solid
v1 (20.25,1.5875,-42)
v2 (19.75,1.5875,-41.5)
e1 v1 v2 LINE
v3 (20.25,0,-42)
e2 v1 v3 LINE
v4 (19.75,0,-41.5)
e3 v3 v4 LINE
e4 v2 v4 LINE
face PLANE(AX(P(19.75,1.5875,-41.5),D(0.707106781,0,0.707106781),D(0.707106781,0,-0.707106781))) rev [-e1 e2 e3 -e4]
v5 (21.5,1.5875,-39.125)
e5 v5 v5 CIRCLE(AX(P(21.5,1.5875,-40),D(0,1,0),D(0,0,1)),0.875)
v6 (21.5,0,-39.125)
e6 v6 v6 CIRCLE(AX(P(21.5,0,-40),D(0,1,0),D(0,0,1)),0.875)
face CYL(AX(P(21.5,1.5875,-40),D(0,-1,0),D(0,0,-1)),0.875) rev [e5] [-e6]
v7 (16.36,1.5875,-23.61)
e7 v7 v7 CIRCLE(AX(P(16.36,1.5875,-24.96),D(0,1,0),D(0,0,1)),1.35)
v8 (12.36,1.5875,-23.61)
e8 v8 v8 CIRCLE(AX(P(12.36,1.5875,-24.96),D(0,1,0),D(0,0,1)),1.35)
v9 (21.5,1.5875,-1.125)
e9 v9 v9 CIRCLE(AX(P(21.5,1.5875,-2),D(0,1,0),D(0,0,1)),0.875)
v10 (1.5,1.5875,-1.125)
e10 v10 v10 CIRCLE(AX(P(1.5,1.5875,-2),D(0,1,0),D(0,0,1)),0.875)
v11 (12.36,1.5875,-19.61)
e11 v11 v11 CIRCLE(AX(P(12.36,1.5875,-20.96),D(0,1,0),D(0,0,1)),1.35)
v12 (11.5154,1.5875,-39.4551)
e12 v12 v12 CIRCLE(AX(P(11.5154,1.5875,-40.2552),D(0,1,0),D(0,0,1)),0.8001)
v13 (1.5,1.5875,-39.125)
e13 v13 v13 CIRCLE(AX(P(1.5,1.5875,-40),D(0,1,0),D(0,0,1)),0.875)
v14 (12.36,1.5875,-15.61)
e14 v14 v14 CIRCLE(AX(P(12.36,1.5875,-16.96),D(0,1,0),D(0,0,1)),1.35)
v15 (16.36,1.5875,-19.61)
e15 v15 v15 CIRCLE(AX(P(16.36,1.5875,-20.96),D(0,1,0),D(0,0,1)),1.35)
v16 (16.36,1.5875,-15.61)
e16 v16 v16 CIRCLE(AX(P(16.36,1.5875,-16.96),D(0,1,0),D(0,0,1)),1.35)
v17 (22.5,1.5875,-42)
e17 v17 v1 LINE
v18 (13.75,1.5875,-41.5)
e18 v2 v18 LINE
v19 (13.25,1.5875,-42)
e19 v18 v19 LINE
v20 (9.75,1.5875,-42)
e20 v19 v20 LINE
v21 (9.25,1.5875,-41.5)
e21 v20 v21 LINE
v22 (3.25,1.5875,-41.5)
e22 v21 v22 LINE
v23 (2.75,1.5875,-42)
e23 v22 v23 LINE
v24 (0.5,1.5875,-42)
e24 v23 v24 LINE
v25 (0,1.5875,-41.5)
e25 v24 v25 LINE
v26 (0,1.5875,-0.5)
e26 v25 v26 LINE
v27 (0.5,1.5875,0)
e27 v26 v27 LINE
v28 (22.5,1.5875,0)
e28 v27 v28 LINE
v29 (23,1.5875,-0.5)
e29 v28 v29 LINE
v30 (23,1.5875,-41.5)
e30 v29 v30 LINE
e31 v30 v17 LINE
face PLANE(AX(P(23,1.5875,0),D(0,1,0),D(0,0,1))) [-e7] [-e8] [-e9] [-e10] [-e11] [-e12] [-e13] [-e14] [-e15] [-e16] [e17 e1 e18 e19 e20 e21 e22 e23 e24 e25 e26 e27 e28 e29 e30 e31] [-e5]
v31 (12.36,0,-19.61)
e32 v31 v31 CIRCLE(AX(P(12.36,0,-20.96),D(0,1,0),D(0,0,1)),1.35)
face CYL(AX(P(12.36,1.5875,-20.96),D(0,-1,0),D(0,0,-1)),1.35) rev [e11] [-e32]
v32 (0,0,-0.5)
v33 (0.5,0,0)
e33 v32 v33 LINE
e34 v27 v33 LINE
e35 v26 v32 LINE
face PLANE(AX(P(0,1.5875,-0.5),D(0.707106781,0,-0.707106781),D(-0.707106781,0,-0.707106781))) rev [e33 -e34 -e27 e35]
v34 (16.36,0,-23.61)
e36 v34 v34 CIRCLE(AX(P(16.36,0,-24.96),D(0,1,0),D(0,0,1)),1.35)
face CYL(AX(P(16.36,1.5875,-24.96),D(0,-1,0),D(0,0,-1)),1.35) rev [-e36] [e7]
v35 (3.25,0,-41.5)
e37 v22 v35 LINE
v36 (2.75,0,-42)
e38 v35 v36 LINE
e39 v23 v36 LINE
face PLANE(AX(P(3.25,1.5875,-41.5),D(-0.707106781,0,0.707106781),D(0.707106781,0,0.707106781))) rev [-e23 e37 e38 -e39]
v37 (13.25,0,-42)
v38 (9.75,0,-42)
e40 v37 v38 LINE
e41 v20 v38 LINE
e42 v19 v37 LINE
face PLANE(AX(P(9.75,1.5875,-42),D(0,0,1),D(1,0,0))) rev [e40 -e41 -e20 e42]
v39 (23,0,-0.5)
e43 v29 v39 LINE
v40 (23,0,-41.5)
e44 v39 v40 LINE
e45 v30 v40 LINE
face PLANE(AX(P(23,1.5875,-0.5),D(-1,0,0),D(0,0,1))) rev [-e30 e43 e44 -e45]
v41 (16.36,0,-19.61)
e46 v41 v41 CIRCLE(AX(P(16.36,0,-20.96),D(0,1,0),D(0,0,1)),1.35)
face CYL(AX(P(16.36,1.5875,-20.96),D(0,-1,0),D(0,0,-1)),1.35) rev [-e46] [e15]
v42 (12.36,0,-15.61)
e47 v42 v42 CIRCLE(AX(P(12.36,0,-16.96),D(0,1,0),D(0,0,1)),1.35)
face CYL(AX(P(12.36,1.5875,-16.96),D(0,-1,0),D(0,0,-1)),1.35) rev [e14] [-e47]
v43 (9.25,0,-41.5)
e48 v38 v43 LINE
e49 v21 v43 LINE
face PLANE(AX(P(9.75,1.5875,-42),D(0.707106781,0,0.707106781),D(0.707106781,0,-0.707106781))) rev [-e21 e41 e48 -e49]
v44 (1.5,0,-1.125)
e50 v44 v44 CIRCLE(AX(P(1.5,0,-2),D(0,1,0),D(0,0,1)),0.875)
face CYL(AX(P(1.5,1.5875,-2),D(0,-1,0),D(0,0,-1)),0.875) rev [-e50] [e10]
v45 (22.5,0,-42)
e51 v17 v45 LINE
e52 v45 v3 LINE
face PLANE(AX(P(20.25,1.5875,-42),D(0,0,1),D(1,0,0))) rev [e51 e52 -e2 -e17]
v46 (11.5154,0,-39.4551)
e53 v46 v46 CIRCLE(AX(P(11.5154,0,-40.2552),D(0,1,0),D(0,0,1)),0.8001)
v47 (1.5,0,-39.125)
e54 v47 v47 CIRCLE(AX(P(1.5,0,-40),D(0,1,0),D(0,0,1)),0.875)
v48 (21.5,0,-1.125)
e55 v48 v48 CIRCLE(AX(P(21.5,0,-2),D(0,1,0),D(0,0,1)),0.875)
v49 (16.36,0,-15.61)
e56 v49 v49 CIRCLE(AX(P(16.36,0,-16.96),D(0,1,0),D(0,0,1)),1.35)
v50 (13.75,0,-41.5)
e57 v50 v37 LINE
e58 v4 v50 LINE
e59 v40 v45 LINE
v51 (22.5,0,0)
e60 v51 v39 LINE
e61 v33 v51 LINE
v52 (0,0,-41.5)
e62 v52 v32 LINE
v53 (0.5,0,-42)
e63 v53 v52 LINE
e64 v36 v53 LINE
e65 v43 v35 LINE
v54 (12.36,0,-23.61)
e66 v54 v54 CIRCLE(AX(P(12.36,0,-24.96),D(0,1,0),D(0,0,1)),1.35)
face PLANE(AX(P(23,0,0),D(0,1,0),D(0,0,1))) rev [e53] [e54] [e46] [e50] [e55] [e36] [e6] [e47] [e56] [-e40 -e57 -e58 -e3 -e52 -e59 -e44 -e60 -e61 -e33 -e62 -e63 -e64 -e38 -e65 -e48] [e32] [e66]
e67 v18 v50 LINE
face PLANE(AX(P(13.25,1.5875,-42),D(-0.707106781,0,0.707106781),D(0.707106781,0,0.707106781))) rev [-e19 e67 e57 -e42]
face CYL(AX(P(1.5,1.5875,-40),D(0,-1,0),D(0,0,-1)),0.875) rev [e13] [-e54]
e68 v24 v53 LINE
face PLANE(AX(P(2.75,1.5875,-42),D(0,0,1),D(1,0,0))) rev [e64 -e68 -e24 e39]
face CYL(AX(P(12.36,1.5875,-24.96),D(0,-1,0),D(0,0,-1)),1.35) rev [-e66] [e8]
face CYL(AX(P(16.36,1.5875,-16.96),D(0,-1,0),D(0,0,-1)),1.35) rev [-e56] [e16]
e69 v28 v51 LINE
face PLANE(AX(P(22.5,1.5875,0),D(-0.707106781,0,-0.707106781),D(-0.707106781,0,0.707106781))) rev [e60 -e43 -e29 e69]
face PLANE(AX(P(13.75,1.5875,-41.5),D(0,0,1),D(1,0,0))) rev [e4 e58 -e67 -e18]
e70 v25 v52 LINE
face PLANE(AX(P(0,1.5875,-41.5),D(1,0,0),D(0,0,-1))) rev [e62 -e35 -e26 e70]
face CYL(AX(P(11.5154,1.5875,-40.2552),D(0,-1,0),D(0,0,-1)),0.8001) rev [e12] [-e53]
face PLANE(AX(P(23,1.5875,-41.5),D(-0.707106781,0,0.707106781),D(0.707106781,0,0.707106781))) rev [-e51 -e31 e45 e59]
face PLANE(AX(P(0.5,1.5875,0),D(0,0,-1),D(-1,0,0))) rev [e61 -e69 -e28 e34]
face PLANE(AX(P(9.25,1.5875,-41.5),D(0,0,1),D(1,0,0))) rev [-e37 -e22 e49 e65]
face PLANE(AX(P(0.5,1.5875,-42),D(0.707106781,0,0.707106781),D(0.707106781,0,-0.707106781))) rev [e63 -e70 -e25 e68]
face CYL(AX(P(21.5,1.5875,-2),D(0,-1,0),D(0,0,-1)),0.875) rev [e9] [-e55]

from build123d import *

# Parameters (mm, degrees)
SKETCH1_R           = 1.35
SKETCH1_R_2         = 0.875
SKETCH1_R_3         = 0.8001
BOSS_EXTRUDE1_DEPTH = 1.5875


with BuildPart() as part:
    # Sketch1 → Boss-Extrude1 (new body)
    with BuildSketch(Plane(origin=(0, 0, 0), x_dir=(1, 0, 0), z_dir=(0, 1, 0))):
        Polygon((22.5, 0), (23, 0.5), (23, 41.5), (22.5, 42), (20.25, 42), (19.75, 41.5), (13.75, 41.5), (13.25, 42), (9.75, 42), (9.25, 41.5), (3.25, 41.5), (2.75, 42), (0.5, 42), (0, 41.5), (0, 0.5), (0.5, 0), align=None)
        with Locations((12.36, 16.96)):
            Circle(SKETCH1_R, mode=Mode.SUBTRACT)
        with Locations((16.36, 16.96)):
            Circle(SKETCH1_R, mode=Mode.SUBTRACT)
        with Locations((12.36, 20.96)):
            Circle(SKETCH1_R, mode=Mode.SUBTRACT)
        with Locations((16.36, 20.96)):
            Circle(SKETCH1_R, mode=Mode.SUBTRACT)
        with Locations((12.36, 24.96)):
            Circle(SKETCH1_R, mode=Mode.SUBTRACT)
        with Locations((16.36, 24.96)):
            Circle(SKETCH1_R, mode=Mode.SUBTRACT)
        with Locations((21.5, 40)):
            Circle(SKETCH1_R_2, mode=Mode.SUBTRACT)
        with Locations((21.5, 2)):
            Circle(SKETCH1_R_2, mode=Mode.SUBTRACT)
        with Locations((1.5, 2)):
            Circle(SKETCH1_R_2, mode=Mode.SUBTRACT)
        with Locations((1.5, 40)):
            Circle(SKETCH1_R_2, mode=Mode.SUBTRACT)
        with Locations((11.5154, 40.2552)):
            Circle(SKETCH1_R_3, mode=Mode.SUBTRACT)
    extrude(amount=BOSS_EXTRUDE1_DEPTH)


solid = part.part
